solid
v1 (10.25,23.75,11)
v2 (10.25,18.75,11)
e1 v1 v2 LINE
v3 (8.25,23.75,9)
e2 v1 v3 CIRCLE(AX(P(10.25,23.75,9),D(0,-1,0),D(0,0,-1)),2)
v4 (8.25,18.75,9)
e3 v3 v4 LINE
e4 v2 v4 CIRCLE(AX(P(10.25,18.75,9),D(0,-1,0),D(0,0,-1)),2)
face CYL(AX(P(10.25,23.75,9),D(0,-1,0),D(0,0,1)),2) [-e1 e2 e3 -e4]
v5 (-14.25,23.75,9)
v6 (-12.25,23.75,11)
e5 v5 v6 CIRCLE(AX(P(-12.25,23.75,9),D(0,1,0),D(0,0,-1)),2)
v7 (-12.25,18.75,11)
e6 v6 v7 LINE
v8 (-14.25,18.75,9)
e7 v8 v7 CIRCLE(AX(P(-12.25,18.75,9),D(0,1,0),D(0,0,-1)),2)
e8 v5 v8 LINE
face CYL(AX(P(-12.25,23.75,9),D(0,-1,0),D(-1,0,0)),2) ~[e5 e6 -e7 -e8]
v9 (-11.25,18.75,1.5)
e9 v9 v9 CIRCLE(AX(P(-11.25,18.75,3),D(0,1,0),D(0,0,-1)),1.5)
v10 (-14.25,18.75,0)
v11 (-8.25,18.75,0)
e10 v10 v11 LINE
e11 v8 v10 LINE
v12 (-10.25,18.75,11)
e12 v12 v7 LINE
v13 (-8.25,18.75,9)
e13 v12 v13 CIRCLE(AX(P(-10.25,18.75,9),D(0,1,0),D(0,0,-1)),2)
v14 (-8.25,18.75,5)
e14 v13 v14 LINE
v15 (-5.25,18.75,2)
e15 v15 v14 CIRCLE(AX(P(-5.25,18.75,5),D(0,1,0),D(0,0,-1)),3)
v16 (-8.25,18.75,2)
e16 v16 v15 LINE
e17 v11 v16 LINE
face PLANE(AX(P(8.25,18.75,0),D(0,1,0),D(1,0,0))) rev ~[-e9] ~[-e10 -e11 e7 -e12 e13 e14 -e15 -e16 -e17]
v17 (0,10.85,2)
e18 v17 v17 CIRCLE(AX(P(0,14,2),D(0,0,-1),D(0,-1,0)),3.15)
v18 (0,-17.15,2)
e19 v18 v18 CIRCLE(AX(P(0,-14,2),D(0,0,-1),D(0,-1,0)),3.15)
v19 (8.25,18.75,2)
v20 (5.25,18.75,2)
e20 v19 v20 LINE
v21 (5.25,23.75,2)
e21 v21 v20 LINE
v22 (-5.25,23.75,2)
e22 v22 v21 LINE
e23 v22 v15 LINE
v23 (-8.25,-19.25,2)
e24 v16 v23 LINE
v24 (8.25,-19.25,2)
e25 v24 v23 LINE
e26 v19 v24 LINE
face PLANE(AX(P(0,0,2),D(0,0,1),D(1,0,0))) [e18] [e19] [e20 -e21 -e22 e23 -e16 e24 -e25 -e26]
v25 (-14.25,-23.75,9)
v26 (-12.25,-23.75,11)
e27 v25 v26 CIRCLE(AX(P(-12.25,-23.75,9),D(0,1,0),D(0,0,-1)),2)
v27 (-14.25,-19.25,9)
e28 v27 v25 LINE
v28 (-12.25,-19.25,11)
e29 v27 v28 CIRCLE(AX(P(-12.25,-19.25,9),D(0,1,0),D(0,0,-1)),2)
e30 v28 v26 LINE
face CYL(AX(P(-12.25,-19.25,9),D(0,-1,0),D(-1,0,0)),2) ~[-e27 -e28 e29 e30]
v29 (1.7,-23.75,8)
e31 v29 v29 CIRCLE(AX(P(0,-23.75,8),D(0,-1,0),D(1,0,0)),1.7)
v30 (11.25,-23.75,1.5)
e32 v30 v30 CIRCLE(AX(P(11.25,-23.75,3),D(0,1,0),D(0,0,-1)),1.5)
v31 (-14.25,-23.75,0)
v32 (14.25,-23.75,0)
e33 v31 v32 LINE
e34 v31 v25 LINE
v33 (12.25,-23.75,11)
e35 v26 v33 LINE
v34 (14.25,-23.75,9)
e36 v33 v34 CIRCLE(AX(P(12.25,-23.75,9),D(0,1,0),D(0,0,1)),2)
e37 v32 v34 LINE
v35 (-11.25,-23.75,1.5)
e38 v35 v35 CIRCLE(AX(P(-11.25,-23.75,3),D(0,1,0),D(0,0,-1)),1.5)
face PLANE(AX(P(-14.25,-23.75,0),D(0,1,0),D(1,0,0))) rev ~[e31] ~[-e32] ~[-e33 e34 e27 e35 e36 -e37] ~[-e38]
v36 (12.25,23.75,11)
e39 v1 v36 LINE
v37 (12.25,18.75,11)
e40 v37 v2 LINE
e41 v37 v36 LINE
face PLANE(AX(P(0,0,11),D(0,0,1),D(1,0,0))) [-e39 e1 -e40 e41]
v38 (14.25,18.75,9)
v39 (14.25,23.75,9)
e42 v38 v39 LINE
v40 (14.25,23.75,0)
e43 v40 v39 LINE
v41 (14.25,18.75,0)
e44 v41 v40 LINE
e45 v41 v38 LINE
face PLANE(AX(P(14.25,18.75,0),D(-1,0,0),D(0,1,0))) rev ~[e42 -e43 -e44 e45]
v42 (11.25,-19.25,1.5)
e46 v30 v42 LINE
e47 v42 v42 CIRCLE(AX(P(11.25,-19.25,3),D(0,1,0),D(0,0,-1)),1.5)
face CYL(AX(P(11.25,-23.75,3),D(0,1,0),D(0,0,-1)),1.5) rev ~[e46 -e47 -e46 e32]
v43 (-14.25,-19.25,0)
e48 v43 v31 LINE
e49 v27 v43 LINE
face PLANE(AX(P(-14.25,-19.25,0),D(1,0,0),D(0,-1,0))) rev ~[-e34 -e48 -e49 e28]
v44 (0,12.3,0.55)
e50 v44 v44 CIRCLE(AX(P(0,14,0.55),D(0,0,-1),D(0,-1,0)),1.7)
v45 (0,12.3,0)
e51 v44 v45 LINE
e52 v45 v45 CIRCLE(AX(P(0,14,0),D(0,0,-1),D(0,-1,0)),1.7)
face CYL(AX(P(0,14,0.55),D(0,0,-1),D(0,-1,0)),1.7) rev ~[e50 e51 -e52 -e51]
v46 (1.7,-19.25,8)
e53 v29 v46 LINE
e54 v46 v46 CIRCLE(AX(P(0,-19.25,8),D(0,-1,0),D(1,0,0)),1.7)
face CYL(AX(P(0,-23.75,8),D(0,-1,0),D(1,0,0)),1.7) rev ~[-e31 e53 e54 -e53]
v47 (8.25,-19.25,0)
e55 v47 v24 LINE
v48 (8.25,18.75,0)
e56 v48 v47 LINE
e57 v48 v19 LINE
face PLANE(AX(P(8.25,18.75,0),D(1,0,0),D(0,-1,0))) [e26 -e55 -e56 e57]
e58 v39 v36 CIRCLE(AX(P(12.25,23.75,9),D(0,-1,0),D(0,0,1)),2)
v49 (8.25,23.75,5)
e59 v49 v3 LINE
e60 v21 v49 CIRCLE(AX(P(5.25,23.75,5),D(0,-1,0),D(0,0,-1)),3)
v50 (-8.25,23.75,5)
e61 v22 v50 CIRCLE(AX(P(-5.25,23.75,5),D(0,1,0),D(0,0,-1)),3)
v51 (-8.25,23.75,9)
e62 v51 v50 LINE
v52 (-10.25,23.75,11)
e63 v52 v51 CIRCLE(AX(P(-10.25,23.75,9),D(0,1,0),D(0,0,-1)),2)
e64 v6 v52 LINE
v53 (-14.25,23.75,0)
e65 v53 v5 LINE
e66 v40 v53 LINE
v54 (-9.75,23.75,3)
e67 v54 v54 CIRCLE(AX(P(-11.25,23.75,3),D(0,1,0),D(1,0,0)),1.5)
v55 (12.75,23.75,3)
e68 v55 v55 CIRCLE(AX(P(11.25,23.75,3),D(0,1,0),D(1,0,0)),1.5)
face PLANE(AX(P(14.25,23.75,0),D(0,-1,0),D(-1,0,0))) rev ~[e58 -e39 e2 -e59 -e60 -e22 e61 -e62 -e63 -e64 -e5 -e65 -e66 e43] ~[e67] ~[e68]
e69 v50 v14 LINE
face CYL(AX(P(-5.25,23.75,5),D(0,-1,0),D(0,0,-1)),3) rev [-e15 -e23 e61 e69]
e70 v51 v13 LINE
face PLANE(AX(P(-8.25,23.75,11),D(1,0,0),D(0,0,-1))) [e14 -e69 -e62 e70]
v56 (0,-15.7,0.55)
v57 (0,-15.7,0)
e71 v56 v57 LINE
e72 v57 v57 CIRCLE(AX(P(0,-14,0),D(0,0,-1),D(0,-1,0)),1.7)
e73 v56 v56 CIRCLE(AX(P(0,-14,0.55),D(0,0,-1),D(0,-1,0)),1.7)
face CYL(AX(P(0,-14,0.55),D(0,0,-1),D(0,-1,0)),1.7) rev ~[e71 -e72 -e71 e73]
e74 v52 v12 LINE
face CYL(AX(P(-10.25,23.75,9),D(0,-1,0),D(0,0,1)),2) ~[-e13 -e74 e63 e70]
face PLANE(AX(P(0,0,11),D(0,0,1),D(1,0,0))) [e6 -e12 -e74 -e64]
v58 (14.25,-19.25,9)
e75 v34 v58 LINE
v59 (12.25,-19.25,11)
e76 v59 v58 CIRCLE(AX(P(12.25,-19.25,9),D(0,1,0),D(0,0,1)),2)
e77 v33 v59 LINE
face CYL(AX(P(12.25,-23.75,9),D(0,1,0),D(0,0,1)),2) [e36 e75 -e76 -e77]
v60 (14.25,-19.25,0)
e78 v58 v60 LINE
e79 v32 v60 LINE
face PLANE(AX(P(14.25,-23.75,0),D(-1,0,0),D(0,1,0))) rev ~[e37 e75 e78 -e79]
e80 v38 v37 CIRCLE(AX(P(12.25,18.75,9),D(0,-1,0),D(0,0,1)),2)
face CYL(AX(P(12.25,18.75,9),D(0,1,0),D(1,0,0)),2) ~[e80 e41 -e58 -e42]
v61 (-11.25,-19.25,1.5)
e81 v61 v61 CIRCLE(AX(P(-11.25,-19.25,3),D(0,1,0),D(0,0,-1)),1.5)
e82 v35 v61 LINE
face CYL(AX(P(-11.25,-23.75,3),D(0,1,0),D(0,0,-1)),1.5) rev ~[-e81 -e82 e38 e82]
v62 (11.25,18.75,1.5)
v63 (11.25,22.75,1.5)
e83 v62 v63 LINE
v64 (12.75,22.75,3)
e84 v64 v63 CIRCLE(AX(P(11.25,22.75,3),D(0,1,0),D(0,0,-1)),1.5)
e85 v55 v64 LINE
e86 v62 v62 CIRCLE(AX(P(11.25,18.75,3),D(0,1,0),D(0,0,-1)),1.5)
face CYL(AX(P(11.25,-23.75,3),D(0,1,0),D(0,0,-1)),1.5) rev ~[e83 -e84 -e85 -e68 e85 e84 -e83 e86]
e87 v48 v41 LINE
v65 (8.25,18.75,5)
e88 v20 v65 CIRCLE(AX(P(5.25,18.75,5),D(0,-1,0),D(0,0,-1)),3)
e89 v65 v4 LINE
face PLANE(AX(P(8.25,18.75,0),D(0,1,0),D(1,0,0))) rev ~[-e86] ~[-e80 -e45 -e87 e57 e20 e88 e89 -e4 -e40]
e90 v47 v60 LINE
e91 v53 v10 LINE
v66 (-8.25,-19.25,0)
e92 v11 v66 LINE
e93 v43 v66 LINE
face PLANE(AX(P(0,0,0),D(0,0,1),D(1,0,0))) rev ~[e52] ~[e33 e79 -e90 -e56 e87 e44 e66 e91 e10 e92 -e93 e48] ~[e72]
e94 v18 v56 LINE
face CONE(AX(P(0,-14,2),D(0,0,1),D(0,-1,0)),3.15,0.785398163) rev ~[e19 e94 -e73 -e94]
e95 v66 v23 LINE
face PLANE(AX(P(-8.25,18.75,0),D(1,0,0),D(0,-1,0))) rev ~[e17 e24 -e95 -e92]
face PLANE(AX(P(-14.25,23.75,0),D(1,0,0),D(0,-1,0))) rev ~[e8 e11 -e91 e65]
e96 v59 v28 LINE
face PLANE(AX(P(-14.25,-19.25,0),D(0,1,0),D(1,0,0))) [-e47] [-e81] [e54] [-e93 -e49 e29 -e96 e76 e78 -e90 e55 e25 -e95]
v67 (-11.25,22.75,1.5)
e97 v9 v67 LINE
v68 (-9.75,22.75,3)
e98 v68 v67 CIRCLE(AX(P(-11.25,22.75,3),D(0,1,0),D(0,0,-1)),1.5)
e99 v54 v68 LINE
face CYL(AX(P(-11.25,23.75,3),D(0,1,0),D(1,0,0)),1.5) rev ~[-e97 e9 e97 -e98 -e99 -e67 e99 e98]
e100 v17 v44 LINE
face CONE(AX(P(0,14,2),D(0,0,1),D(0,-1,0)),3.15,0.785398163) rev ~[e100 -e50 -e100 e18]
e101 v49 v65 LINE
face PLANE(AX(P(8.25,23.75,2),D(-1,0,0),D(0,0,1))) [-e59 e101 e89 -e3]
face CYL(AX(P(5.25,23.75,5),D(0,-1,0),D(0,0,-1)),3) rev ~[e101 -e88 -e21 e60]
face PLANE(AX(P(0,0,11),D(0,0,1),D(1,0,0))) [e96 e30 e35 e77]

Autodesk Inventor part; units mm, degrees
ref_plane "YZ Plane" through (0, 0, 0) normal (1, 0, 0) x (0, 1, 0)
ref_plane "XZ Plane" through (0, 0, 0) normal (0, 1, 0) x (-1, 0, 0)
sketch "Sketch1" plane through (0, 0, 0) normal (0, 0, 1) x (1, 0, 0)
  line L0 (-14.25, -23.75) -> (14.25, -23.75)
  line L1 (14.25, -23.75) -> (14.25, 23.75)
  line L2 (14.25, 23.75) -> (-14.25, 23.75)
  line L3 (-14.25, 23.75) -> (-14.25, -23.75)
  line L4 (-14.25, -23.75) -> (14.25, 23.75) construction
  line L5 (14.25, -23.75) -> (-14.25, 23.75) construction
  line L6 (-14.25, 18.75) -> (14.25, 18.75)
  line L7 (-14.25, -19.25) -> (14.25, -19.25)
  line L8 (-8.25, 18.75) -> (-8.25, -19.25)
  line L9 (8.25, 18.75) -> (8.25, -19.25)
  point P0 (0, 0)
  dimension "d0" = 28.5
  dimension "d1" = 47.5
  dimension "d36" = 4.5
  dimension "d37" = 5
  dimension "d38" = 6
  dimension "d39" = 6
extrude "Extrusion1" add sketch "Sketch1" along normal blind 2 contours L3 L7 L1 L0 | L3 L2 L1 L6 | L8 L6 L9 L7
sketch "Sketch2" plane through (0, 0, 2) normal (0, 0, 1) x (1, 0, 0)
  line L0 (-14.25, 23.75) -> (-14.25, -23.75) projected
  line L1 (14.25, -23.75) -> (14.25, 23.75) projected
  line L2 (-14.25, -23.75) -> (14.25, -23.75)
  line L3 (14.25, -23.75) -> (14.25, -19.25)
  line L4 (14.25, -19.25) -> (-14.25, -19.25)
  line L5 (-14.25, -19.25) -> (-14.25, -23.75)
  line L6 (-14.25, 23.75) -> (14.25, 23.75)
  line L7 (14.25, 23.75) -> (14.25, 18.75)
  line L8 (14.25, 18.75) -> (-14.25, 18.75)
  line L9 (-14.25, 18.75) -> (-14.25, 23.75)
  point P0 (0, 0)
  point P1 (14.25, 23.75)
  dimension "d4" = 4.5
  dimension "d19" = 5
extrude "Extrusion2" add sketch "Sketch2" along normal blind 9 contours L6 L1 L8 L0 | L4 L1 L2 L0
sketch "Sketch3" plane through (-14.25, -23.75, 0) normal (0, -1, 0) x (1, 0, 0)
  line L0 (0, 11) -> (28.5, 11) construction
  line L1 (14.25, 11) -> (14.25, 0) construction
  line L2 (3, 3) -> (25.5, 3) construction
  line L3 (0, 0) -> (28.5, 0) construction
  point P0 (14.25, 3)
  dimension "d7" = 22.5
  dimension "d8" = 3
hole "Hole1" at (-11.25, -23.75, 3) at (11.25, -23.75, 3) direction (0, 1, 0) diameter 3 depth 46.5 tip angle 118
sketch "Sketch4" plane through (-14.25, -23.75, 0) normal (0, -1, 0) x (1, 0, 0)
  circle A0 centre (3, 3) radius 1.5 construction
  circle A1 centre (25.5, 3) radius 1.5 construction
  line L0 (3, 3) -> (25.5, 3) construction
  circle A2 centre (14.25, 8) radius 1.7
  line L1 (14.25, 8) -> (14.25, 3) construction
  point P0 (14.25, 0)
  dimension "d40" = 5
  dimension "d41" = 3.4
extrude "Extrusion3" cut sketch "Sketch4" against normal up to surface (4.5 mm away)
sketch "Sketch6" plane through (-14.25, 23.75, 0) normal (0, 1, 0) x (1, 0, 0)
  line L0 (22.5, -11) -> (6, -11)
  line L1 (6, -11) -> (6, -2)
  line L2 (6, -2) -> (22.5, -2)
  line L3 (22.5, -2) -> (22.5, -11)
  line L4 (22.5, -11) -> (6, -2) construction
  line L5 (6, -11) -> (22.5, -2) construction
  line L6 (14.25, 0) -> (14.25, -11) construction
  line L7 (28.5, -11) -> (0, -11) construction
  line L8 (22.5, -2) -> (6, -2) construction
  circle A0 centre (25.5, -3) radius 1.5 projected
  circle A1 centre (3, -3) radius 1.5 projected
  point P0 (14.25, -6.5)
  point P1 (14.25, -6.5)
extrude "Extrusion5" cut sketch "Sketch6" against normal up to surface (5 mm away)
fillet "Fillet1" radius 2 6 edges at (-14.25, 21.25, 11) (14.25, 21.25, 11) (-14.25, -21.5, 11) (14.25, -21.5, 11) (-8.25, 21.25, 11) (8.25, 21.25, 11)
fillet "Fillet2" radius 3 2 edges at (-8.25, 21.25, 2) (8.25, 21.25, 2)
ref_plane "Work Plane1" through (-9.075, -7.1151, 3.005) normal (0, 1, 0) x (0, 0, 1)
sketch "Sketch10" plane through (0, 0, 2) normal (0, 0, 1) x (1, 0, 0)
  line L0 (0, 14) -> (0, -14) construction
  point P0 (0, 0)
  point P1 (0, 0)
  dimension "d46" = 28
hole "Hole2" at (0, 14, 2) at (0, -14, 2) direction (0, 0, -1) diameter 3.4 depth 46.5 tip angle 118 countersink diameter 6.3 countersink angle 90 clearance for "Senkschraube mit Linsenkopf ISO 2010" size "M3" standard "DIN"
equation "\"d1\" = 1.66667 * d0"
equation "\"d39\" = d38"
properties part number "Tension_Bock"
